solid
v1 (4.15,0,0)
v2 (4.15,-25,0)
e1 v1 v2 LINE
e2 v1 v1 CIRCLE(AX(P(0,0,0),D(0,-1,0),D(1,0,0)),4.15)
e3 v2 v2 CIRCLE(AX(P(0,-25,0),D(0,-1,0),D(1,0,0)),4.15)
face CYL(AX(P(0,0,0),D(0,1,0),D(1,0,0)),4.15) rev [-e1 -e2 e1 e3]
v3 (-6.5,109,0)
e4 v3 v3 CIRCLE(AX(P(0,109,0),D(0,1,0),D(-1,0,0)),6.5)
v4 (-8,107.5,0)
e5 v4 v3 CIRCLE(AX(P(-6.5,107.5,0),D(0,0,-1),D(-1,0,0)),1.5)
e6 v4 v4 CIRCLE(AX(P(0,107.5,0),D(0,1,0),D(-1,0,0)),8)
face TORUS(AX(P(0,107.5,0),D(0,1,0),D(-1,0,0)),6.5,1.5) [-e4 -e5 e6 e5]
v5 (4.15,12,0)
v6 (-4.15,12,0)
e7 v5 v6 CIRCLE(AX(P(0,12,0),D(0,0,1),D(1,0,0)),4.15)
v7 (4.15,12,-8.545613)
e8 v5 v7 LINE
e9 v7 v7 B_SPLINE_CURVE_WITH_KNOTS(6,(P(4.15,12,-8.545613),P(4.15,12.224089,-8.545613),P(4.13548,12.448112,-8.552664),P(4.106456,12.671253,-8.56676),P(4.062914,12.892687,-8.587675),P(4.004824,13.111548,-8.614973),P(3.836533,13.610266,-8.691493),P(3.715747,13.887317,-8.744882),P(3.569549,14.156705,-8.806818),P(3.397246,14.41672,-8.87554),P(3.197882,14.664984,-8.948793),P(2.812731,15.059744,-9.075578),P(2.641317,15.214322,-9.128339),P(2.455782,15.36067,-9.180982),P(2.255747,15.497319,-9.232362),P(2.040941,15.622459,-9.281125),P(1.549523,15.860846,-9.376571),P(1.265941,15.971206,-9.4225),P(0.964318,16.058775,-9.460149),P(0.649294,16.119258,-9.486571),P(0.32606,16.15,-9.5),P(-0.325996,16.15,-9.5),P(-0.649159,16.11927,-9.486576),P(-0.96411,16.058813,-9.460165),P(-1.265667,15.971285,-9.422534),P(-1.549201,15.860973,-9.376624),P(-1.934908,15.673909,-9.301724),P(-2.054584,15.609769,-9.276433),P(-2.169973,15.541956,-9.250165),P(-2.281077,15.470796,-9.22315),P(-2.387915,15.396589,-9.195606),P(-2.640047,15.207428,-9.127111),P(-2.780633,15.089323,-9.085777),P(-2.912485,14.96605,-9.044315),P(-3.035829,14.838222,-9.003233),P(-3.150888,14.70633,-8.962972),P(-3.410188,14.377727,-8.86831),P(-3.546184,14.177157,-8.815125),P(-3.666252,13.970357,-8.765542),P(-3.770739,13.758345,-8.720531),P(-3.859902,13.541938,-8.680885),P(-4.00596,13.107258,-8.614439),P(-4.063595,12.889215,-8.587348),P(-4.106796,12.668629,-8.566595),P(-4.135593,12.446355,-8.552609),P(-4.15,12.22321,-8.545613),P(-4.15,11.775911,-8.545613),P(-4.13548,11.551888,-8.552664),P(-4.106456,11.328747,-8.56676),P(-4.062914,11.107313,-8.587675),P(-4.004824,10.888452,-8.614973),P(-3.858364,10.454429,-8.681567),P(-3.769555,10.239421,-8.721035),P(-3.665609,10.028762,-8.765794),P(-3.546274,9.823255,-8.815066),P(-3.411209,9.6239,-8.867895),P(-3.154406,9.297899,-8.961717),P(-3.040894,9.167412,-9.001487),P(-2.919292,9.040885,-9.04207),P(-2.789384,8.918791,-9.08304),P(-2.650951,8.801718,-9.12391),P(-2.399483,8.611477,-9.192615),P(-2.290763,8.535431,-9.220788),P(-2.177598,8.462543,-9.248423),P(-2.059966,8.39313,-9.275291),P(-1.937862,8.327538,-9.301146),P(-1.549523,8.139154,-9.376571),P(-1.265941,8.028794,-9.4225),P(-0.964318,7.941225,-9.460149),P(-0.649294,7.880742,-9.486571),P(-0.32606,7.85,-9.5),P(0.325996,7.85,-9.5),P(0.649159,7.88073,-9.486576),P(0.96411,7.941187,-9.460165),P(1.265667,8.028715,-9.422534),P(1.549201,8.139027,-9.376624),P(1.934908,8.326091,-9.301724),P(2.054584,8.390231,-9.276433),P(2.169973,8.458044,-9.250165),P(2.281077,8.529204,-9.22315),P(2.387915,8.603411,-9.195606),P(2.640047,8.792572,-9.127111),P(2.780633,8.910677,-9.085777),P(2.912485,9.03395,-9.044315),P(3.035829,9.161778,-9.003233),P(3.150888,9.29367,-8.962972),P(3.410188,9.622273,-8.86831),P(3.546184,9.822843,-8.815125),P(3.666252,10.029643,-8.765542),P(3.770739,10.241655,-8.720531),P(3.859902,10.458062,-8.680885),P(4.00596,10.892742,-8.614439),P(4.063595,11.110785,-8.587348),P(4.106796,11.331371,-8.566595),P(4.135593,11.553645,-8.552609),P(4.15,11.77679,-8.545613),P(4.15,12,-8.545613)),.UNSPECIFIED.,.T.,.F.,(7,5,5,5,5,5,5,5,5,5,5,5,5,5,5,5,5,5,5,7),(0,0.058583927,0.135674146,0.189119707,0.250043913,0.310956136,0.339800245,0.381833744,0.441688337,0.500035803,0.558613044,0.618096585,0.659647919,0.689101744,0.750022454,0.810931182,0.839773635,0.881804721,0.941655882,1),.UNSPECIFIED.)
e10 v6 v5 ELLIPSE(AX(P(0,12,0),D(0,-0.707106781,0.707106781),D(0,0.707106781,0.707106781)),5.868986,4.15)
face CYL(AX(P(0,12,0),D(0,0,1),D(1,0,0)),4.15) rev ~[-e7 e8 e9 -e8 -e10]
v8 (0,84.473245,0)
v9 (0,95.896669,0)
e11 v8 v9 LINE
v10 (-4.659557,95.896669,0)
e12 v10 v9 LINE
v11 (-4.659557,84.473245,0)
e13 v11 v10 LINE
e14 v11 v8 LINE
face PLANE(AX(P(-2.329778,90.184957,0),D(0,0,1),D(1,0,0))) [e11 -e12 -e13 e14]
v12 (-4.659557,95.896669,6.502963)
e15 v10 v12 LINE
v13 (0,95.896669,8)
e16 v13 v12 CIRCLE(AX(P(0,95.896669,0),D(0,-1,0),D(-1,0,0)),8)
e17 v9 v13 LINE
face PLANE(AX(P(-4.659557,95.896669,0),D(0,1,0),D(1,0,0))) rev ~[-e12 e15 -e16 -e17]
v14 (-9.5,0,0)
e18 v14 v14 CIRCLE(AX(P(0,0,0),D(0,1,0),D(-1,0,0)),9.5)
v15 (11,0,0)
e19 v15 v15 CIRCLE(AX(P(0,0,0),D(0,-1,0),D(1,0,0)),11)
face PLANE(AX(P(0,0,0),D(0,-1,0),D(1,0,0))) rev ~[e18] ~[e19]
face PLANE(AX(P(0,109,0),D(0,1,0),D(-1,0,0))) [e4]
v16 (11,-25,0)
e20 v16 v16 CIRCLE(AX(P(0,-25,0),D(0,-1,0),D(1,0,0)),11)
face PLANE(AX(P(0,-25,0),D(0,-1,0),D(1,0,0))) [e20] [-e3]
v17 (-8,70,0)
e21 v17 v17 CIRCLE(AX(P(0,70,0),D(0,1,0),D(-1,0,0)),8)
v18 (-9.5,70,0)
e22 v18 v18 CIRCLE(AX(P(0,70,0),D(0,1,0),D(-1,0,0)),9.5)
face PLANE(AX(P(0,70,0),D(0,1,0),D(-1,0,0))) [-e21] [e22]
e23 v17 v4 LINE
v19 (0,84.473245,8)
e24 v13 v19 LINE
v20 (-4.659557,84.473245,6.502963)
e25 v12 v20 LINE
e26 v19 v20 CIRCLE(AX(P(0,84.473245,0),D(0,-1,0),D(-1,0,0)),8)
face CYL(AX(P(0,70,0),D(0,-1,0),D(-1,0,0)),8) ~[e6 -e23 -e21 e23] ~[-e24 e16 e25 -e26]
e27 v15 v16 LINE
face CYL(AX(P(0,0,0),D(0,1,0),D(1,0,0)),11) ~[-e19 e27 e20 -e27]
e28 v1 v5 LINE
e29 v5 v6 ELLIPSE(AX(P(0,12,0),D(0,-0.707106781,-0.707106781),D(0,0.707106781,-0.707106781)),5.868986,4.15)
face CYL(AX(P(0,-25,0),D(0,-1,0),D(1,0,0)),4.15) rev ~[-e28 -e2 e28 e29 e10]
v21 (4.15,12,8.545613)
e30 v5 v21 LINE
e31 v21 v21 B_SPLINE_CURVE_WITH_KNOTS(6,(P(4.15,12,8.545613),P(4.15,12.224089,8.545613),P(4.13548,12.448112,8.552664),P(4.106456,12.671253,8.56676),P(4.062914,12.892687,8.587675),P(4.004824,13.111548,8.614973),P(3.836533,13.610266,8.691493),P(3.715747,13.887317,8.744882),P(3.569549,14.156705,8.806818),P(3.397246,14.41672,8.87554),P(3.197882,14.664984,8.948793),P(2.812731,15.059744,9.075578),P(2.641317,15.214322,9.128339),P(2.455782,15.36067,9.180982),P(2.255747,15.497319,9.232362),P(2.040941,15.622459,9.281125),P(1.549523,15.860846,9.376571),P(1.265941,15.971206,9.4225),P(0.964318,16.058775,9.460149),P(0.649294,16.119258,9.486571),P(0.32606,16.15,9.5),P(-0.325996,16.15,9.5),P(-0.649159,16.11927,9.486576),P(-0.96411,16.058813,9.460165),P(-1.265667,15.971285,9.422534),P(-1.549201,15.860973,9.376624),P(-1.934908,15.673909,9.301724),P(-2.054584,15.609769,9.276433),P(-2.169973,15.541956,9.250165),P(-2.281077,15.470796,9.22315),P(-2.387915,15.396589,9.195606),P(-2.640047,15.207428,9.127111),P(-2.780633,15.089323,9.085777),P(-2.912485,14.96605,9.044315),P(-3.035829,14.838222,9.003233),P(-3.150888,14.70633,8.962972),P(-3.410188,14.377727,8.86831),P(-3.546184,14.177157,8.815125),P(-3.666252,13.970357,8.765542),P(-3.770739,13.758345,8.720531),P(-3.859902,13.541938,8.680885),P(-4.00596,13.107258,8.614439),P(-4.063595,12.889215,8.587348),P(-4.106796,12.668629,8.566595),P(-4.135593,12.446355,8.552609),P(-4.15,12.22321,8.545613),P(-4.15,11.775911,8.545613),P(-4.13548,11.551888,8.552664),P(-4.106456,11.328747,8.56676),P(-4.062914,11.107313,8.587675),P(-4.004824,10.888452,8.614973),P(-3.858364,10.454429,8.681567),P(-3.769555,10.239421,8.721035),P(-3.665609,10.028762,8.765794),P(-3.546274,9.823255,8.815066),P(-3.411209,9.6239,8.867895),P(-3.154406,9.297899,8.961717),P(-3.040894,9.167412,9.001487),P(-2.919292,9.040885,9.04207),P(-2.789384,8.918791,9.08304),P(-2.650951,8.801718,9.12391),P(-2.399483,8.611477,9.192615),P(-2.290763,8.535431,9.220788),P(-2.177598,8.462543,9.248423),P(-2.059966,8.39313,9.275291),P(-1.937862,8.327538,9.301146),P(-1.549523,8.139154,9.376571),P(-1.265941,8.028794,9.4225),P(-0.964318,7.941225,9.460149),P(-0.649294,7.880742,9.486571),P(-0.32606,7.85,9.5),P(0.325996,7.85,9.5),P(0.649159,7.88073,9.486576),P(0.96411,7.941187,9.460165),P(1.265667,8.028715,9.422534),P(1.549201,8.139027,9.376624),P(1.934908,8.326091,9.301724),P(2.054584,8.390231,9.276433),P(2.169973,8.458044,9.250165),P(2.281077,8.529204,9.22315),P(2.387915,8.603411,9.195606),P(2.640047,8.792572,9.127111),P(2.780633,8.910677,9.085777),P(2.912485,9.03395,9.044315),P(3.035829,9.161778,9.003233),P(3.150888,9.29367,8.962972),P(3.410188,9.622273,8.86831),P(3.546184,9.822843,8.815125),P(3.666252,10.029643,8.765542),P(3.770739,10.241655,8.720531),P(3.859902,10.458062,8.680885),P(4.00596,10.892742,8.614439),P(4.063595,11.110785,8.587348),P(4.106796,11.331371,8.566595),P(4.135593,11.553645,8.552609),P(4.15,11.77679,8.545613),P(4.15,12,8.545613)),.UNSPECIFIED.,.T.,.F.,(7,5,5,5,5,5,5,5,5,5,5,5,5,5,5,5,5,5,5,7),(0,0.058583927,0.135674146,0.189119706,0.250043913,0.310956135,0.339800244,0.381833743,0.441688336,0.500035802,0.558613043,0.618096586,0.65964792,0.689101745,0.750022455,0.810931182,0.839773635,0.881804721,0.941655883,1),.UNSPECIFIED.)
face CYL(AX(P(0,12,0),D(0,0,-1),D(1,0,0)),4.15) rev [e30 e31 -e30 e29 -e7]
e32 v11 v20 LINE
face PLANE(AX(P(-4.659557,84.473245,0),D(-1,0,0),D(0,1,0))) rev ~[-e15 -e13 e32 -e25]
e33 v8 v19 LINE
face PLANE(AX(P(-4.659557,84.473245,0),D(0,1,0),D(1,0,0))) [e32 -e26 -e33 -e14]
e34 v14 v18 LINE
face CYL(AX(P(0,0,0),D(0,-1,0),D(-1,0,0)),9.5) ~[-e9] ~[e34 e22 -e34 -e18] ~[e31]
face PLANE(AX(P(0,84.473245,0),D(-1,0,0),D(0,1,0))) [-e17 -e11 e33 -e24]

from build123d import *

# Parameters (mm, degrees)
F0_R          = 11
F0_R_2        = 4.15
F1_DEPTH      = 25
F2_R          = 9.5
F2_R_2        = 4.15
F3_DEPTH      = 70
F4_R          = 4.15
F5_DEPTH      = 11.001
F5_DEPTH_BACK = 25
F6_R          = 4.15
F7_DEPTH      = 37
F8_R          = 8
F9_DEPTH      = 39
F10_R         = 1.5
F11_W         = 4.6595567837
F11_H         = 11.4234238863
F12_DEPTH     = 25


with BuildPart() as f1:
    # F0 (on Front) → F1 (new body)
    with BuildSketch(Plane.XZ):
        Circle(F0_R)
        Circle(F0_R_2, mode=Mode.SUBTRACT)
    extrude(amount=F1_DEPTH)

    # F2 (on face) → F3 (join)
    with BuildSketch(Plane(origin=(0, 0, 0), x_dir=(-1, 0, 0), z_dir=(0, 1, 0))):
        Circle(F2_R)
        Circle(F2_R_2, mode=Mode.SUBTRACT)
        Circle(F2_R_2)
    extrude(amount=F3_DEPTH)

    # F4 (on Top) → F5 (cut, two sides)
    with BuildSketch(Plane.XY) as f5_sk:
        with Locations((0, 12)):
            Circle(F4_R)
    extrude(amount=F5_DEPTH, mode=Mode.SUBTRACT)
    extrude(f5_sk.sketch, amount=-F5_DEPTH_BACK, mode=Mode.SUBTRACT)

    # F6 (on face) → F7 (cut)
    with BuildSketch(Plane.XZ.offset(25)):
        Circle(F6_R)
    extrude(amount=-F7_DEPTH, mode=Mode.SUBTRACT)

    # F8 (on face) → F9 (join)
    with BuildSketch(Plane(origin=(0, 70, 0), x_dir=(-1, 0, 0), z_dir=(0, 1, 0))):
        Circle(F8_R)
    extrude(amount=F9_DEPTH)

    # F10
    f10_edges = [f1.edges().sort_by_distance(p)[0] for p in [
        (8, 109, 0),
    ]]
    fillet(f10_edges, radius=F10_R)

    # F11 (on Top) → F12 (cut)
    with BuildSketch(Plane.XY):
        with Locations((-2.3297783919, 90.184956789)):
            Rectangle(F11_W, F11_H)
    extrude(amount=F12_DEPTH, mode=Mode.SUBTRACT)


solid = f1.part
